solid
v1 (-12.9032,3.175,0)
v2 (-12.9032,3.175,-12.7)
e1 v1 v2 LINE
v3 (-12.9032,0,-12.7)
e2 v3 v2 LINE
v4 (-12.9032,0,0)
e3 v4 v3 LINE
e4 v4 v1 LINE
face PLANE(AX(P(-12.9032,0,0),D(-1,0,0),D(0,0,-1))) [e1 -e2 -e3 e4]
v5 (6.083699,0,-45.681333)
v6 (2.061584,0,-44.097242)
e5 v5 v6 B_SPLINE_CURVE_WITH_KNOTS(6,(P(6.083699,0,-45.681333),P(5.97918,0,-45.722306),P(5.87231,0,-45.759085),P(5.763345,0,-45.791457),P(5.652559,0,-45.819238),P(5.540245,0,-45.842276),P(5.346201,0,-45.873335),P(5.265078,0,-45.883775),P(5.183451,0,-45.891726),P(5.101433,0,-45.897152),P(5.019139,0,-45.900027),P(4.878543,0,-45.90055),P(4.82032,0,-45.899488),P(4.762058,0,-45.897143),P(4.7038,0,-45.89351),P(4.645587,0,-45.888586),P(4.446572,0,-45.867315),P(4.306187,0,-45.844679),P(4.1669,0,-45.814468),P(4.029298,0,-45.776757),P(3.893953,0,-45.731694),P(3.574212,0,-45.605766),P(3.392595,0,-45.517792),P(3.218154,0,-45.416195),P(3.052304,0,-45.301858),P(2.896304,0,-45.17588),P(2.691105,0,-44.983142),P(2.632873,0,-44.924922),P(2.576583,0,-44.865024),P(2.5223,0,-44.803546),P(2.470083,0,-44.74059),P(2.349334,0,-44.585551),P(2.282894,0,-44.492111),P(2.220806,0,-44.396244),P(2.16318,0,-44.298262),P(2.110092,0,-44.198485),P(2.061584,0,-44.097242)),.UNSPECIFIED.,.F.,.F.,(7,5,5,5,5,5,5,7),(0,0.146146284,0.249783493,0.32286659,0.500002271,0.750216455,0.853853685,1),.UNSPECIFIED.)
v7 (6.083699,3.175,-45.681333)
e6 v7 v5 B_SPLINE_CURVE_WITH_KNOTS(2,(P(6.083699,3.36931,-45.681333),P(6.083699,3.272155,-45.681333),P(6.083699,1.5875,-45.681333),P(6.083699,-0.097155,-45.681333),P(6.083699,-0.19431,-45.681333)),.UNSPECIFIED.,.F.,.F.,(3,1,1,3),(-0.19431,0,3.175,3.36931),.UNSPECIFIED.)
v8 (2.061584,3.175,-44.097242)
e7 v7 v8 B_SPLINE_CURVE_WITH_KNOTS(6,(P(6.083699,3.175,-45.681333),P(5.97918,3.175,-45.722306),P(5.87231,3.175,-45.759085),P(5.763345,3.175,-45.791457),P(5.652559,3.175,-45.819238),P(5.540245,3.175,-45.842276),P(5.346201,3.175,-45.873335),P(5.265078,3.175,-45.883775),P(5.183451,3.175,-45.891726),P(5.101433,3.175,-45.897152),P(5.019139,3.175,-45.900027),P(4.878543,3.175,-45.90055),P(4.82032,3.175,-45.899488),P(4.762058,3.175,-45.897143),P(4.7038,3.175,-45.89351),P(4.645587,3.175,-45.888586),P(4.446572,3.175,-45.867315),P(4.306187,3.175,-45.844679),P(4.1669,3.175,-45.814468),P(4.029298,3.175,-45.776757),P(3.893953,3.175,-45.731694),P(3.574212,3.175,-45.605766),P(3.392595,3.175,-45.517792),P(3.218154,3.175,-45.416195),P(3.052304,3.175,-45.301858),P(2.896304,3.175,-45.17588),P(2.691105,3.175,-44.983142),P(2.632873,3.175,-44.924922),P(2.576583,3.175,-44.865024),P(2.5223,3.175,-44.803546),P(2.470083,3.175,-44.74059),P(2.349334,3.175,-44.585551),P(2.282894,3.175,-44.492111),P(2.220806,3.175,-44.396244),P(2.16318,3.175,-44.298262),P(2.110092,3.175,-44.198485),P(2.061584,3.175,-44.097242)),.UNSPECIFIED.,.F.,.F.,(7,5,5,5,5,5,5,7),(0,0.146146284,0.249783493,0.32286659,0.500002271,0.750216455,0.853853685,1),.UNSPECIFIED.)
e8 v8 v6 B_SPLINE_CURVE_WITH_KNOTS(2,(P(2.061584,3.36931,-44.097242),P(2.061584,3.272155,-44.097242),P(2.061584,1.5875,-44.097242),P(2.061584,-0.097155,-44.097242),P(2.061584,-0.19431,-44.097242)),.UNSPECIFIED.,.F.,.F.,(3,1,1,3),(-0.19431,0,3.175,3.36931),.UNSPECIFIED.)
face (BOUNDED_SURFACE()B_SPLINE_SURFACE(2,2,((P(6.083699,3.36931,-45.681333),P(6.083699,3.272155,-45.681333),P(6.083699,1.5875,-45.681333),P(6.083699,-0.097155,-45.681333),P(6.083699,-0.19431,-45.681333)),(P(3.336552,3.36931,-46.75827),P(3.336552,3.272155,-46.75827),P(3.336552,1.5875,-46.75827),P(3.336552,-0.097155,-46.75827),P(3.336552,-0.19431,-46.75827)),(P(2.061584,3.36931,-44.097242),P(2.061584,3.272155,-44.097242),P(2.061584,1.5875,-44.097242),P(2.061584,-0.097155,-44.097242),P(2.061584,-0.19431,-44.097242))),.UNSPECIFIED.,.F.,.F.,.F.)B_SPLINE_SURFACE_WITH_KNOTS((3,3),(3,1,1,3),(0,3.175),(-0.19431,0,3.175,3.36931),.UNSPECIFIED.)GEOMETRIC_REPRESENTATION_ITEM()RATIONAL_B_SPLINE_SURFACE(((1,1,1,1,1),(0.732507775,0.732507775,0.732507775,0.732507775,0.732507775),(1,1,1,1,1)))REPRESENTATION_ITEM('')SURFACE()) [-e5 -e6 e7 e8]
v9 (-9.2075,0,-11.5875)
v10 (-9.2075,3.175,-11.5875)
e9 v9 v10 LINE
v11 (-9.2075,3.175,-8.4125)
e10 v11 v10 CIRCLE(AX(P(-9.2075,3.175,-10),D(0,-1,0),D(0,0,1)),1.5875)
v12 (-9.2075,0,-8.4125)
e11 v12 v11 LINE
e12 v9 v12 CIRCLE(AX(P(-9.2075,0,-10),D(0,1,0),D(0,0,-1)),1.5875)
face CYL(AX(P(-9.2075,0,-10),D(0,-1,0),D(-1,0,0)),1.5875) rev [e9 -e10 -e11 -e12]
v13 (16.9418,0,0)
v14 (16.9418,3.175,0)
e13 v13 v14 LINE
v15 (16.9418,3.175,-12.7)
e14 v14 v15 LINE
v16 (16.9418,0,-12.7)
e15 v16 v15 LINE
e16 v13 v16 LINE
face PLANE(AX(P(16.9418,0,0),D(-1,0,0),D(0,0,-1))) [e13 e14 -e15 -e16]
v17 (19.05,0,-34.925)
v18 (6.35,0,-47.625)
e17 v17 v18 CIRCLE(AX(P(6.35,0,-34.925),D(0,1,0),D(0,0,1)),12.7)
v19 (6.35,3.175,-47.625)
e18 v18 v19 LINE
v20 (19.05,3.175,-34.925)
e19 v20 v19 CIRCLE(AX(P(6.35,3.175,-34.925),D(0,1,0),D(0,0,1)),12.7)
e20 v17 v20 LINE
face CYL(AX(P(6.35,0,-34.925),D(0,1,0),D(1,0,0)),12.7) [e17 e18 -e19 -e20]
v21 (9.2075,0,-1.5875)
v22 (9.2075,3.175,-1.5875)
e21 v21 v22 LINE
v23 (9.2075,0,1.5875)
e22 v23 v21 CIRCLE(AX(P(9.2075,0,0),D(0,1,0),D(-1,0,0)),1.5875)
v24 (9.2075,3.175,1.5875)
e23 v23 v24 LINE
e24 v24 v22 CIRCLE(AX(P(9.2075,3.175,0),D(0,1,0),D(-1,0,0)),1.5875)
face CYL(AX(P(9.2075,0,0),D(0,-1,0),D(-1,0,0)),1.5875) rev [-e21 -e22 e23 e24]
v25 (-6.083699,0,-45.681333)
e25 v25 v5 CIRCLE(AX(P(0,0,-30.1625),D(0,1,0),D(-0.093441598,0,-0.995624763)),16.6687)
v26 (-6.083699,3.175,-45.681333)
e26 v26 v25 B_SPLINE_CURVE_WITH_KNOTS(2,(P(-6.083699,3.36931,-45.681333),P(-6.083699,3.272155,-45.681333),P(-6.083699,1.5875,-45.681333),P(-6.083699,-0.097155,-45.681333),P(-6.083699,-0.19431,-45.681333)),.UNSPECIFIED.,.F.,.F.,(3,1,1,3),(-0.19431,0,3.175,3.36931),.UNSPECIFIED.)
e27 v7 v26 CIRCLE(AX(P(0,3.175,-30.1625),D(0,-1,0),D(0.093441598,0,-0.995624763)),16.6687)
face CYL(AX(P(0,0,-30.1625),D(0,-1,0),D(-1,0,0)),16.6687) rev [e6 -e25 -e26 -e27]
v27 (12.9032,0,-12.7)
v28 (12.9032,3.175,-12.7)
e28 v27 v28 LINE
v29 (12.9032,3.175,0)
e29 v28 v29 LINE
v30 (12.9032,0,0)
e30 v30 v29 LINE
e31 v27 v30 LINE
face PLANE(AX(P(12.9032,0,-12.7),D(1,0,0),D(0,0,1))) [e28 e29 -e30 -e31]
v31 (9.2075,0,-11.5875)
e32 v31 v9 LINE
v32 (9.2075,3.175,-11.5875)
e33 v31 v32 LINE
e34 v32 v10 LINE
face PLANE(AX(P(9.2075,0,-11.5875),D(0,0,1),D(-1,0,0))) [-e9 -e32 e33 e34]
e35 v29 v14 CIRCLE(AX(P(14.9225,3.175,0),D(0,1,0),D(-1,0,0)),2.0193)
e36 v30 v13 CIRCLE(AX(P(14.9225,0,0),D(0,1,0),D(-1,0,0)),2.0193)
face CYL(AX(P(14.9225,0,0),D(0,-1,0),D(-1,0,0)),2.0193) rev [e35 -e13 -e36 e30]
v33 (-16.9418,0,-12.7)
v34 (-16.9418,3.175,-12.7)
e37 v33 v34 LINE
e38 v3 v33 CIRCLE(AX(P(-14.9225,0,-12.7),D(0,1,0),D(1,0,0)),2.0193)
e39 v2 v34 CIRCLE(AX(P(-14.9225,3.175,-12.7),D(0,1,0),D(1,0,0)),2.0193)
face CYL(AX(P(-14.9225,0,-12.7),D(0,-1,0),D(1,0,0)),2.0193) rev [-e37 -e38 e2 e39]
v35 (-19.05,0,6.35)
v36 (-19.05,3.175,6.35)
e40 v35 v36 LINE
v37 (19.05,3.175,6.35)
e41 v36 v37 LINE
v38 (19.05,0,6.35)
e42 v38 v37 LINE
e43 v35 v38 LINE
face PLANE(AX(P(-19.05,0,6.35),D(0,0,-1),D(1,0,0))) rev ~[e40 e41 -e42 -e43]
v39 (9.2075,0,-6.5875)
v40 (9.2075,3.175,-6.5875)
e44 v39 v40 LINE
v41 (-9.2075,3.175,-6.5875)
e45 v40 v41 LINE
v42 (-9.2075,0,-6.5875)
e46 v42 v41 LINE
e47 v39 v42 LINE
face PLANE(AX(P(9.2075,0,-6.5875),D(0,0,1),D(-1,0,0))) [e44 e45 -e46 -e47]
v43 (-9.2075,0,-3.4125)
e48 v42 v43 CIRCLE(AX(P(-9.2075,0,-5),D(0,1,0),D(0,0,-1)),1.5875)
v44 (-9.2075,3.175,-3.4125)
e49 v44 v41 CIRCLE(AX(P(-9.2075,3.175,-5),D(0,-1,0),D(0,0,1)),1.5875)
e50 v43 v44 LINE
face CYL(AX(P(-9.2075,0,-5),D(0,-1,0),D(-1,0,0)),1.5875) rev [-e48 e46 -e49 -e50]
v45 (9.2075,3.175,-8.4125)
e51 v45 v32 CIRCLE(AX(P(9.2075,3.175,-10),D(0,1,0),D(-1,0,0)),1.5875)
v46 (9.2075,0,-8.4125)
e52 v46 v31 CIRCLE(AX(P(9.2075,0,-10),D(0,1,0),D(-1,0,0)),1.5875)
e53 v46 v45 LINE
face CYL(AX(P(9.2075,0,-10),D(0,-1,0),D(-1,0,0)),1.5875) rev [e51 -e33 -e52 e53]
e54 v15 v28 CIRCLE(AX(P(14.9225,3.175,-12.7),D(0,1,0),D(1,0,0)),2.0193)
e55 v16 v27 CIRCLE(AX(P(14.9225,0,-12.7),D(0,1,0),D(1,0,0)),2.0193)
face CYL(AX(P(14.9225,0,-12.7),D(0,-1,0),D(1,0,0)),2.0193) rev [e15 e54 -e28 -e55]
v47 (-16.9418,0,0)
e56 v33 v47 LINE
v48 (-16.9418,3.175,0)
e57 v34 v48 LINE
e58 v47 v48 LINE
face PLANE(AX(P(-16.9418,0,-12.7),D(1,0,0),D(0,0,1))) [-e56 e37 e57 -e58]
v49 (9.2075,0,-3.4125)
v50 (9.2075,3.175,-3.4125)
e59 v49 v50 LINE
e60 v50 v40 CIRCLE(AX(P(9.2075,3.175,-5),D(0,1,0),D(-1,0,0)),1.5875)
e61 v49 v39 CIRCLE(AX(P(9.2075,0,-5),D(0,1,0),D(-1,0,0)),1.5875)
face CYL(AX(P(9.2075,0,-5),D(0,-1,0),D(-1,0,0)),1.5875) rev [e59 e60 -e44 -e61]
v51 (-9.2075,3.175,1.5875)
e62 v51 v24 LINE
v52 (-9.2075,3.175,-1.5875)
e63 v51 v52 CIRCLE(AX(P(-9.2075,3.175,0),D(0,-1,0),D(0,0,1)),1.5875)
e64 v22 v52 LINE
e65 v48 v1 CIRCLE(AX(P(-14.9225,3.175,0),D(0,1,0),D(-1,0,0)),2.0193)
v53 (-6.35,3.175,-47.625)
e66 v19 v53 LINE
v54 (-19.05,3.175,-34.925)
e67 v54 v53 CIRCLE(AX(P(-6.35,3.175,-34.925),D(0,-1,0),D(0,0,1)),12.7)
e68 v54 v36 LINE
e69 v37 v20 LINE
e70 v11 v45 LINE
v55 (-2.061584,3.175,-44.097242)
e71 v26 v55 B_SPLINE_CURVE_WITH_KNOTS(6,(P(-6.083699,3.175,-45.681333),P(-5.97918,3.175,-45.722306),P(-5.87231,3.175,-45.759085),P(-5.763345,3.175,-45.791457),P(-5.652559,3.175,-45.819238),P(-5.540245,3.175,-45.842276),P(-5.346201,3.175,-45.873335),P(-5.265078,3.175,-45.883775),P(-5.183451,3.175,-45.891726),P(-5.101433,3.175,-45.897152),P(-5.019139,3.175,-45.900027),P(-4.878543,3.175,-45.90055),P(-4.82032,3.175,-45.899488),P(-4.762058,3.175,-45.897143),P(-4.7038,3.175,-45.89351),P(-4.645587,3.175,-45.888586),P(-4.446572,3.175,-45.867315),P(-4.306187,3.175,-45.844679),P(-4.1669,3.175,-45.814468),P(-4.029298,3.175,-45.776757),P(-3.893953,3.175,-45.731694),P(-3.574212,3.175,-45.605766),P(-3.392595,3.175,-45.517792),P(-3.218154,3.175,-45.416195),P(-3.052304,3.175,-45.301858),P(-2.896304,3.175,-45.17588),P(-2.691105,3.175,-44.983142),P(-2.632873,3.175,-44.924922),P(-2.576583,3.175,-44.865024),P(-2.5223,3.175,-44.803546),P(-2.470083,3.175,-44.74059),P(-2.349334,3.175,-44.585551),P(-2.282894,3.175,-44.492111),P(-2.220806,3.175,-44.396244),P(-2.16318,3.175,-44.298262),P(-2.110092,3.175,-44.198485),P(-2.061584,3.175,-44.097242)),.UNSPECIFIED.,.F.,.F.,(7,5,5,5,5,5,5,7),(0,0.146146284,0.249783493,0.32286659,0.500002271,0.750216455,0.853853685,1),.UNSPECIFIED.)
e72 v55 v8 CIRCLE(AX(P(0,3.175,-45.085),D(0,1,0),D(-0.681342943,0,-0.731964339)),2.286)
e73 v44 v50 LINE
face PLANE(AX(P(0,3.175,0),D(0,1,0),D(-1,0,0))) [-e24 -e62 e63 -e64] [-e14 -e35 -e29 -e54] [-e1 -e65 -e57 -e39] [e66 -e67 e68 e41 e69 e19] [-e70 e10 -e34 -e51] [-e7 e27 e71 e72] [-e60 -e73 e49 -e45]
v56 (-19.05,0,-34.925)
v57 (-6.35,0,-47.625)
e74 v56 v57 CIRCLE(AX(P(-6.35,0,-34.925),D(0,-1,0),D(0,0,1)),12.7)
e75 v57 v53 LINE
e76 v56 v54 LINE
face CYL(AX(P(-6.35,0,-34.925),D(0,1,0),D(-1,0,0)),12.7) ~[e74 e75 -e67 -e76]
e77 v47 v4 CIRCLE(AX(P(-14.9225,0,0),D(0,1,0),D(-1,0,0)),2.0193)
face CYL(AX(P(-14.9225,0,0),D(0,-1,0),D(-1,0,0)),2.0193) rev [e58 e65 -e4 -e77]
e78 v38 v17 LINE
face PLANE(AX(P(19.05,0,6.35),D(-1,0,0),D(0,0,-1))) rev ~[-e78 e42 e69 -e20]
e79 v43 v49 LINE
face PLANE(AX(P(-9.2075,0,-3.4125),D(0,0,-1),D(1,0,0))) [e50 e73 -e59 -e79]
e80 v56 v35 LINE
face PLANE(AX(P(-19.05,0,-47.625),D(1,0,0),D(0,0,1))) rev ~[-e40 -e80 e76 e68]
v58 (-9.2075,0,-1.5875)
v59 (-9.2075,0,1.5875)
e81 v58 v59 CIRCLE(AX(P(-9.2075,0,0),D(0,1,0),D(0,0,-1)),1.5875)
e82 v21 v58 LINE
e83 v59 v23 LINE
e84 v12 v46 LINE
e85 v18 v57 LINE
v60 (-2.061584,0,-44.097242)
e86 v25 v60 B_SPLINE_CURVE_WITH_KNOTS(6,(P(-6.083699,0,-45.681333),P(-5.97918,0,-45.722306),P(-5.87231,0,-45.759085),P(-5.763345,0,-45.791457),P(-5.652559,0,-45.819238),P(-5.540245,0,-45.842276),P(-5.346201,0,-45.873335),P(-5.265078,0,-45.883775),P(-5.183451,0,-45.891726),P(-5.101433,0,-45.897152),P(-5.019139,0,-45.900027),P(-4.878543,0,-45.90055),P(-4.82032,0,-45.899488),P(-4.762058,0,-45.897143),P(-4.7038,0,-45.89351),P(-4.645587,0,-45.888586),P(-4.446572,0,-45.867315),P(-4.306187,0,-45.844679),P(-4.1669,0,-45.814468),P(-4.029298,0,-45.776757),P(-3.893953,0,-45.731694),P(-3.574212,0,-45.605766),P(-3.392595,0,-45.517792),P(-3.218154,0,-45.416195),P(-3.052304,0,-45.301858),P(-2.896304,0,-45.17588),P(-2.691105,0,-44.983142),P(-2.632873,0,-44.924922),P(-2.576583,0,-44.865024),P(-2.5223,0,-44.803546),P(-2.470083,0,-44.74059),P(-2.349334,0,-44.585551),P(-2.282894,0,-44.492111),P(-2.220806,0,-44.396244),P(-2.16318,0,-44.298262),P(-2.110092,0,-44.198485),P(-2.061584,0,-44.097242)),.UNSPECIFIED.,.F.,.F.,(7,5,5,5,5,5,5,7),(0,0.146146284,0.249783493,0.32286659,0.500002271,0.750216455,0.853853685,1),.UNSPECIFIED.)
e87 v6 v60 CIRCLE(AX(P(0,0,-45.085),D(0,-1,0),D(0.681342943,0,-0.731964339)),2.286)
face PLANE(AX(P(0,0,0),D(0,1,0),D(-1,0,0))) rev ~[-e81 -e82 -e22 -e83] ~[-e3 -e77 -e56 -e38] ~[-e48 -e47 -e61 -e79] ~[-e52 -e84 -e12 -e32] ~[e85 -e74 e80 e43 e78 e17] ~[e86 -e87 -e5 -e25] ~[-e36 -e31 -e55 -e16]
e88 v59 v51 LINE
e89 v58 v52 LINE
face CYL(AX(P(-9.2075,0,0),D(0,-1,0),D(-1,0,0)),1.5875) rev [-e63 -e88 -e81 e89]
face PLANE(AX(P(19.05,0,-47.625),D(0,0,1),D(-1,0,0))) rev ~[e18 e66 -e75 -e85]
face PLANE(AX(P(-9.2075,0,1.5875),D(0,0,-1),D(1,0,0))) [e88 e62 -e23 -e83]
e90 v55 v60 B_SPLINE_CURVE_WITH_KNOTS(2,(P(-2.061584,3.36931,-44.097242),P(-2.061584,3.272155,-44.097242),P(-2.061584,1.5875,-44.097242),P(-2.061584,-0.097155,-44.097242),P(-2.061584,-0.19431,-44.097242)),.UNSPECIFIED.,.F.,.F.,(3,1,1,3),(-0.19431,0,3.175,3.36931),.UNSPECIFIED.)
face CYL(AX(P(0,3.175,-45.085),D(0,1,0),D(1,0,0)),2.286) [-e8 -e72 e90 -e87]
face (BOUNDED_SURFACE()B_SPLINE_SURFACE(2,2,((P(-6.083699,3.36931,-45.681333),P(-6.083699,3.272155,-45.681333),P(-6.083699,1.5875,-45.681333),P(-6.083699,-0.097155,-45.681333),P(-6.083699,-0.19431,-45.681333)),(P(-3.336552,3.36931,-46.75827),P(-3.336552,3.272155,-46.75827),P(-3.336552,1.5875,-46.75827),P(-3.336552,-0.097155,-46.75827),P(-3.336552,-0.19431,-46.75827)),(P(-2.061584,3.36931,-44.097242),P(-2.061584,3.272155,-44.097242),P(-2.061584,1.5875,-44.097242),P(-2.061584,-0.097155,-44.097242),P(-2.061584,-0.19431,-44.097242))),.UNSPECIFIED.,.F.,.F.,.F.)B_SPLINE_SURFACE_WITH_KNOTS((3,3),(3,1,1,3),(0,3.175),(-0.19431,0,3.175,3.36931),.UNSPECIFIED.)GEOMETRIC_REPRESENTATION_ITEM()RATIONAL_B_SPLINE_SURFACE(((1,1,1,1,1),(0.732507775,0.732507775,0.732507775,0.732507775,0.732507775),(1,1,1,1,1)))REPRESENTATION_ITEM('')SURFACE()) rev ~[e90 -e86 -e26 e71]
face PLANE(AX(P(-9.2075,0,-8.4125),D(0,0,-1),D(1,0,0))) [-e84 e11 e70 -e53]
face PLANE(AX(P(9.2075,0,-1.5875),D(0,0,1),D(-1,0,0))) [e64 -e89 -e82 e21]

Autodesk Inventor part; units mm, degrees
ref_plane "XZ Plane" through (0, 0, 0) normal (0, 1, 0) x (-1, 0, 0)
ref_plane "XY Plane" through (0, 0, 0) normal (0, 0, 1) x (1, 0, 0)
sketch "Sketch1" plane through (0, 0, 0) normal (0, 1, 0) x (-1, 0, 0)
  line L0 (-9.2075, -1.5875) -> (9.2075, -1.5875)
  line L1 (9.2075, -1.5875) -> (9.2075, 1.5875)
  line L2 (9.2075, 1.5875) -> (-9.2075, 1.5875)
  line L3 (-9.2075, 1.5875) -> (-9.2075, -1.5875)
  line L4 (-9.2075, -1.5875) -> (9.2075, 1.5875) construction
  line L5 (9.2075, -1.5875) -> (-9.2075, 1.5875) construction
  line L6 (-9.2075, -6.5875) -> (9.2075, -6.5875)
  line L7 (9.2075, -6.5875) -> (9.2075, -3.4125)
  line L8 (9.2075, -3.4125) -> (-9.2075, -3.4125)
  line L9 (-9.2075, -3.4125) -> (-9.2075, -6.5875)
  line L10 (-9.2075, -6.5875) -> (9.2075, -3.4125) construction
  line L11 (9.2075, -6.5875) -> (-9.2075, -3.4125) construction
  line L12 (-9.2075, -11.5875) -> (9.2075, -11.5875)
  line L13 (9.2075, -11.5875) -> (9.2075, -8.4125)
  line L14 (9.2075, -8.4125) -> (-9.2075, -8.4125)
  line L15 (-9.2075, -8.4125) -> (-9.2075, -11.5875)
  line L16 (-9.2075, -11.5875) -> (9.2075, -8.4125) construction
  line L17 (9.2075, -11.5875) -> (-9.2075, -8.4125) construction
  line L18 (19.05, 6.35) -> (-19.05, 6.35)
  line L19 (-19.05, 6.35) -> (-19.05, -47.625)
  line L20 (-19.05, -47.625) -> (19.05, -47.625)
  line L21 (19.05, -47.625) -> (19.05, 6.35)
  circle A0 centre (0, -30.1625) radius 16.6687
  circle A1 centre (9.2075, 0) radius 1.5875
  circle A2 centre (9.2075, -5) radius 1.5875
  circle A3 centre (9.2075, -10) radius 1.5875
  circle A4 centre (-9.2075, -10) radius 1.5875
  circle A5 centre (-9.2075, -5) radius 1.5875
  circle A6 centre (-9.2075, 0) radius 1.5875
  line L22 (14.9225, 0) -> (14.9225, -12.7) construction
  line L23 (12.9032, 0) -> (12.9032, -12.7)
  line L24 (16.9418, -12.7) -> (16.9418, 0)
  arc A7 (16.9418, 0) -> (12.9032, 0) centre (14.9225, 0) ccw
  arc A8 (12.9032, -12.7) -> (16.9418, -12.7) centre (14.9225, -12.7) ccw
  line L25 (-14.9225, 0) -> (-14.9225, -12.7) construction
  line L26 (-16.9418, 0) -> (-16.9418, -12.7)
  line L27 (-12.9032, -12.7) -> (-12.9032, 0)
  arc A9 (-12.9032, 0) -> (-16.9418, 0) centre (-14.9225, 0) ccw
  arc A10 (-16.9418, -12.7) -> (-12.9032, -12.7) centre (-14.9225, -12.7) ccw
  line L28 (10.795, 0) -> (19.05, 0) construction
  line L29 (-10.795, 0) -> (-19.05, 0) construction
  point P0 (0, 0)
  point P1 (0, -5)
  point P2 (0, -10)
  point P3 (0, 6.35)
  point P4 (-9.2075, -11.5875)
  point P5 (9.2075, -8.4125)
  point P6 (-9.2075, -1.5875)
  point P7 (9.2075, 1.5875)
  point P8 (-9.2075, -6.5875)
  point P9 (9.2075, -3.4125)
  point P10 (14.9225, -6.35)
  point P11 (-14.9225, -6.35)
  point P12 (14.9225, 0)
  point P13 (-14.9225, 0)
  dimension "d0" = 18.415
  dimension "d1" = 3.175
  dimension "d6" = 5
  dimension "d7" = 5
  dimension "d8" = 38.1
  dimension "d9" = 53.975
  dimension "d10" = 6.35
  dimension "d11" = 33.3375
  dimension "d20" = 17.4625
  dimension "d21" = 4.0386
  dimension "d22" = 4.0386
  dimension "d23" = 12.7
  dimension "d26" = 12.7
extrude "Extrusion1" add sketch "Sketch1" along normal blind 3.175
sketch "Sketch2" plane through (0, 3.175, 0) normal (0, 1, 0) x (1, 0, 0)
  circle A0 centre (0, 45.085) radius 2.286
  line L0 (19.05, 47.625) -> (-19.05, 47.625) projected
  point P0 (0, 0)
  point P1 (0, 47.625)
  dimension "d14" = 4.572
  dimension "d15" = 2.54
extrude "Extrusion2" add sketch "Sketch2" against normal blind 3.175
fillet "Fillet1" radius 3.175 2 edges at (-1.5575, 1.5875, -46.7583) (1.5575, 1.5875, -46.7583)
fillet "Fillet2" radius 12.7 2 edges at (-19.05, 1.5875, -47.625) (19.05, 1.5875, -47.625)
equation "\"d21\" = d22"
properties part number "EL2-018" material "Aluminum 6061"
